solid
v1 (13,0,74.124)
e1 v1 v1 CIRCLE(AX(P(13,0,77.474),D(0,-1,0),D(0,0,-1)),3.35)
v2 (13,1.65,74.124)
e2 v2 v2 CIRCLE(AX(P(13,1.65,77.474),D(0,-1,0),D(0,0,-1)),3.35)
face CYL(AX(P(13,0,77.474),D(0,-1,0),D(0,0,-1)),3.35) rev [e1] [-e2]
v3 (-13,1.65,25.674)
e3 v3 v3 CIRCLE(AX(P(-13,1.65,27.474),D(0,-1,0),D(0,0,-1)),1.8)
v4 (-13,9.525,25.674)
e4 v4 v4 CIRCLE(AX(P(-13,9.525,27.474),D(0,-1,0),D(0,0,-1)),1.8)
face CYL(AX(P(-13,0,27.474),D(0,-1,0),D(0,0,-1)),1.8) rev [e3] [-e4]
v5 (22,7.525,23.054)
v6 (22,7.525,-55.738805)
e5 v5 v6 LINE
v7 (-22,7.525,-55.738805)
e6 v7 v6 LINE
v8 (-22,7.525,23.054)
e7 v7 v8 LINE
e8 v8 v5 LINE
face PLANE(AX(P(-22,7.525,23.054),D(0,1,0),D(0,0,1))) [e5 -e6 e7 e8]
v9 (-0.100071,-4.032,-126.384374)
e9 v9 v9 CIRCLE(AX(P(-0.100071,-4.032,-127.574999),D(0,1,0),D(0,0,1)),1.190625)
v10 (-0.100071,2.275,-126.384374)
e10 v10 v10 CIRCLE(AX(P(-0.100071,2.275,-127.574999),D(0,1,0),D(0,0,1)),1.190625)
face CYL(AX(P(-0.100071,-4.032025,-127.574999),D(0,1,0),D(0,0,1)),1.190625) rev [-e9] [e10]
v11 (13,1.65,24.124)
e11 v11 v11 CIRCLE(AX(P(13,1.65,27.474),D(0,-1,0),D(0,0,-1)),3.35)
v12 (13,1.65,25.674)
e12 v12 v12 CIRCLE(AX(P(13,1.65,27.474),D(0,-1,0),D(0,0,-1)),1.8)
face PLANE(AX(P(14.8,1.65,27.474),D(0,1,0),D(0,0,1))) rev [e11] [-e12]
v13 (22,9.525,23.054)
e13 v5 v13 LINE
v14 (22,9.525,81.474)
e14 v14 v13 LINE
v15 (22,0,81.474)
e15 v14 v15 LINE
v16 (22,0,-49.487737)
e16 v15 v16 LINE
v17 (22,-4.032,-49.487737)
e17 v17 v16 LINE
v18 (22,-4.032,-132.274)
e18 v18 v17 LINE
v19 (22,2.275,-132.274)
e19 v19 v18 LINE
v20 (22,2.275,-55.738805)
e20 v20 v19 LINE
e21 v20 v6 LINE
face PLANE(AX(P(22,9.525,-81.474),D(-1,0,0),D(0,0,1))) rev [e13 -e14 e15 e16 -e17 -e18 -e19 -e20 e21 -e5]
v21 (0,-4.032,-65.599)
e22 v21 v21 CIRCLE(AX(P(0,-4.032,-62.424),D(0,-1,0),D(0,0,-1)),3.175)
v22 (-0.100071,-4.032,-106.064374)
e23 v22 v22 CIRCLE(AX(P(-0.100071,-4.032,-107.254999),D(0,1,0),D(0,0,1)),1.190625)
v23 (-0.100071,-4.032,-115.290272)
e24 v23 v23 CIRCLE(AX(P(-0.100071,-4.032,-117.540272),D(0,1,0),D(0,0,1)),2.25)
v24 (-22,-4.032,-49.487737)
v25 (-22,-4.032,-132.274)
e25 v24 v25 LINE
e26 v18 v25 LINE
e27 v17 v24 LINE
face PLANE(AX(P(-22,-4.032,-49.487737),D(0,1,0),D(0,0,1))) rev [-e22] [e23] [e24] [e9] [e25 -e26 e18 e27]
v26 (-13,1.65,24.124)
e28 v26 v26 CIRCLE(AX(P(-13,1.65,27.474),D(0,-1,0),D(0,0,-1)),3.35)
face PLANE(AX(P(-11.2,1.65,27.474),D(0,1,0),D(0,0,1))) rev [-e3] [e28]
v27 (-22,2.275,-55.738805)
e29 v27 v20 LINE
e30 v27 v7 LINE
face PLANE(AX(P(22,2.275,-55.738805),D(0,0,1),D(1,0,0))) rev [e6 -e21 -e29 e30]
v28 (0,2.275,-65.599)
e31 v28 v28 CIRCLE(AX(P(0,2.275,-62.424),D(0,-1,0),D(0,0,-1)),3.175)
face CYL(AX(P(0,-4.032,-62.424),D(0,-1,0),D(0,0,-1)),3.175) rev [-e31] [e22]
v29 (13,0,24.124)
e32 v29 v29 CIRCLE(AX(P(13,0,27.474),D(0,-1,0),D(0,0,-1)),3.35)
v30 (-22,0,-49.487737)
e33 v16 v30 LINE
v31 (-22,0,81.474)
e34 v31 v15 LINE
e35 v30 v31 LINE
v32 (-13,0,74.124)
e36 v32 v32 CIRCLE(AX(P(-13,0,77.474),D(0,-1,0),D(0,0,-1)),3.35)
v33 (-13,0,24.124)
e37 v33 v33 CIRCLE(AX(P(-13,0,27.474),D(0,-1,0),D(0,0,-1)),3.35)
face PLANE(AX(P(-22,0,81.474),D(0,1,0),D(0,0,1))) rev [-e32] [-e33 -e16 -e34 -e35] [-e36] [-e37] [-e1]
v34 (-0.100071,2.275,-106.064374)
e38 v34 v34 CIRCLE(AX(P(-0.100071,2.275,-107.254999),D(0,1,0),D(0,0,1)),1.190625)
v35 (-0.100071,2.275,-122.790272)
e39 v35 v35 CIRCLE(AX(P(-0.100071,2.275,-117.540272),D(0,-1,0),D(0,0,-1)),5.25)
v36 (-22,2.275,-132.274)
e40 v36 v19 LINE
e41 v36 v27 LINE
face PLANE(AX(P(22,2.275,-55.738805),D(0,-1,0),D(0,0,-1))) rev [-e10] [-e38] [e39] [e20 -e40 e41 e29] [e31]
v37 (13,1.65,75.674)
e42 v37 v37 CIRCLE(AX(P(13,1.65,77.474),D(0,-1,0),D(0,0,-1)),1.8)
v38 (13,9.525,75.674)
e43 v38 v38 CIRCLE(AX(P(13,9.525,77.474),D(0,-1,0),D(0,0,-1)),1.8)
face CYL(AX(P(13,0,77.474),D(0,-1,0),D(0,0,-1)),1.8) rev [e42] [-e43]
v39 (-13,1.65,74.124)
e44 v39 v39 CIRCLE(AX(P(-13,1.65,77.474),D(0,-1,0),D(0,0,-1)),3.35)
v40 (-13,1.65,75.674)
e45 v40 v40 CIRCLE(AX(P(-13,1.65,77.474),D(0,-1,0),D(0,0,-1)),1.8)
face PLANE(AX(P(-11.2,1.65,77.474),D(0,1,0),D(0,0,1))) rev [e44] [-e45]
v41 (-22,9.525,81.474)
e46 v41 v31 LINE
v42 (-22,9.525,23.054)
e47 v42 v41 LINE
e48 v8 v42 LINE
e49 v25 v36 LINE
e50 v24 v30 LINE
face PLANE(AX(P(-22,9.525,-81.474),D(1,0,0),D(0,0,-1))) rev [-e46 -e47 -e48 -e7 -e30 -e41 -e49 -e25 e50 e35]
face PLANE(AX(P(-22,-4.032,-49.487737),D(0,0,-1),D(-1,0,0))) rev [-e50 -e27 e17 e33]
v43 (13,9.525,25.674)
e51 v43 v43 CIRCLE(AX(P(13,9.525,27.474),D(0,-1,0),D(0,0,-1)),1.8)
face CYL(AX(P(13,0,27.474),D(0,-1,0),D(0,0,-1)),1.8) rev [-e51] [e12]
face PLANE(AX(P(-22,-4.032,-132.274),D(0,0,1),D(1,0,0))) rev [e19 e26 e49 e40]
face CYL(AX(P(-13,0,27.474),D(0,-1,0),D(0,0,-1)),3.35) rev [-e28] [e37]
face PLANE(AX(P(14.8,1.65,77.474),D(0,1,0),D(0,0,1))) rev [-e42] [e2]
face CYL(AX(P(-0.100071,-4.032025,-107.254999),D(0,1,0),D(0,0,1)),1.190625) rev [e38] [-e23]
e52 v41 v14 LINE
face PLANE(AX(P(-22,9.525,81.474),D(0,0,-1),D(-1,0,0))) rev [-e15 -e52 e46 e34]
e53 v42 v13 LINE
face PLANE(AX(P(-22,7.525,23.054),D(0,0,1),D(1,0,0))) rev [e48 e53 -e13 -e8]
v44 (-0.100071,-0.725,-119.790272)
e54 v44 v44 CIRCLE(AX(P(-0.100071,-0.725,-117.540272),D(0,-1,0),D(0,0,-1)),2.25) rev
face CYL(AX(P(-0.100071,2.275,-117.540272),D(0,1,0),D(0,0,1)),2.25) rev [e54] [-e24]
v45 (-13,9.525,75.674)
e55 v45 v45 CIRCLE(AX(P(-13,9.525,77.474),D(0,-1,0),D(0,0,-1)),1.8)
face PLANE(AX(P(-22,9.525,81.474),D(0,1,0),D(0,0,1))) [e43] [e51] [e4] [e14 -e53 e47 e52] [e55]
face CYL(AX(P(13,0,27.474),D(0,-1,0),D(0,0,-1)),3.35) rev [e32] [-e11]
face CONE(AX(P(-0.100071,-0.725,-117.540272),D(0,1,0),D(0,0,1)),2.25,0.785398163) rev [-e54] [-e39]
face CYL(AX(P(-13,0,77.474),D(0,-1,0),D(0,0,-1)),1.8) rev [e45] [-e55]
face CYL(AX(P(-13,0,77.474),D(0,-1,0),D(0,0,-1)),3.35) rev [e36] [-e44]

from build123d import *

# Parameters (mm, degrees)
SKETCH1_W                       = 44
SKETCH1_H                       = 162.947999986
EXTRUDE1_DEPTH                  = 9.525
SKETCH5_W                       = 44
SKETCH5_H                       = 104.527999986
EXTRUDE3_DEPTH                  = 2
SKETCH7_W                       = 44
SKETCH7_H                       = 25.735194666
EXTRUDE5_DEPTH                  = 5.25
SKETCH6_W                       = 44
SKETCH6_H                       = 31.986263093
EXTRUDE4_DEPTH                  = 4.032
F_1_4_0_25_DIAMETER_HOLE1_D     = 6.35
F_1_4_0_25_DIAMETER_HOLE1_DEPTH = 18.618
SKETCH8_W                       = 44
SKETCH8_H                       = 6.307
EXTRUDE6_DEPTH                  = 50.8
CBORE_FOR_M3_SBHCS1_D           = 3.6
CBORE_FOR_M3_SBHCS1_CBORE_D     = 6.7
CBORE_FOR_M3_SBHCS1_CBORE_DEPTH = 1.65
SKETCH12_R                      = 1.190625
CUT_EXTRUDE1_DEPTH              = 135.28690768
M4_CLEARANCE_HOLE1_D            = 4.5
M4_CLEARANCE_HOLE1_DEPTH        = 8.204
CHAMFER1_SIZE                   = 3


with BuildPart() as part:
    # Sketch1 → Extrude1 (new body)
    with BuildSketch(Plane(origin=(0, 0, 0), x_dir=(1, 0, 0), z_dir=(0, 1, 0))):
        Rectangle(SKETCH1_W, SKETCH1_H)
    extrude(amount=EXTRUDE1_DEPTH)

    # Sketch5 → Extrude3 (cut)
    with BuildSketch(Plane(origin=(0, 9.525, 0), x_dir=(1, 0, 0), z_dir=(0, 1, 0))):
        with Locations((0, 29.21)):
            Rectangle(SKETCH5_W, SKETCH5_H)
    extrude(amount=-EXTRUDE3_DEPTH, mode=Mode.SUBTRACT)

    # Sketch7 → Extrude5 (cut)
    with BuildSketch(Plane(origin=(0, 7.525, 0), x_dir=(1, 0, 0), z_dir=(0, 1, 0))):
        with Locations((0, 68.60640266)):
            Rectangle(SKETCH7_W, SKETCH7_H)
    extrude(amount=-EXTRUDE5_DEPTH, mode=Mode.SUBTRACT)

    # Sketch6 → Extrude4 (add)
    with BuildSketch(Plane.XZ):
        with Locations((0, -65.480868447)):
            Rectangle(SKETCH6_W, SKETCH6_H)
    extrude(amount=EXTRUDE4_DEPTH)

    # 1/4 (0.25) Diameter Hole1
    with Locations(Plane(origin=(-11.909442165, -4.032, 7.994157722), x_dir=(1, 0, 0), z_dir=(0, -1, 0))):
        with Locations((11.909442165, -70.418157729)):
            Hole(F_1_4_0_25_DIAMETER_HOLE1_D / 2, depth=F_1_4_0_25_DIAMETER_HOLE1_DEPTH)

    # Sketch8 → Extrude6 (add)
    with BuildSketch(Plane(origin=(0, 0, -81.473999993), x_dir=(-1, 0, 0), z_dir=(0, 0, -1))):
        with Locations((0, -0.8785)):
            Rectangle(SKETCH8_W, SKETCH8_H)
    extrude(amount=EXTRUDE6_DEPTH)

    # CBORE for M3 SBHCS1 (through all)
    with Locations(Plane.XZ):
        with Locations((-13, 77.473999993), (13, 77.473999993), (13, 27.473999993), (-13, 27.473999993)):
            CounterBoreHole(CBORE_FOR_M3_SBHCS1_D / 2, CBORE_FOR_M3_SBHCS1_CBORE_D / 2, CBORE_FOR_M3_SBHCS1_CBORE_DEPTH)

    # Sketch12 → Cut-Extrude1 (cut, through all)
    with BuildSketch(Plane(origin=(0, 2.275, 0), x_dir=(-1, 0, 0), z_dir=(0, 1, 0))):
        with Locations(Location((0.10007052, -127.574998873, 0), (0, 0, 90))):
            Circle(SKETCH12_R)
        with Locations(Location((0.10007052, -107.254998873, 0), (0, 0, 90))):
            Circle(SKETCH12_R)
    extrude(amount=-CUT_EXTRUDE1_DEPTH, mode=Mode.SUBTRACT)

    # M4 Clearance Hole1
    with Locations(Plane(origin=(0, 2.275, 0), x_dir=(-1, 0, 0), z_dir=(0, 1, 0))):
        with Locations((0.10007052, -117.540271762)):
            Hole(M4_CLEARANCE_HOLE1_D / 2, depth=M4_CLEARANCE_HOLE1_DEPTH)

    # Chamfer1
    chamfer1_edges = [part.edges().sort_by_distance(p)[0] for p in [
        (-2.35007052, 2.275, -117.540271762),
    ]]
    chamfer(chamfer1_edges, length=CHAMFER1_SIZE)


solid = part.part
